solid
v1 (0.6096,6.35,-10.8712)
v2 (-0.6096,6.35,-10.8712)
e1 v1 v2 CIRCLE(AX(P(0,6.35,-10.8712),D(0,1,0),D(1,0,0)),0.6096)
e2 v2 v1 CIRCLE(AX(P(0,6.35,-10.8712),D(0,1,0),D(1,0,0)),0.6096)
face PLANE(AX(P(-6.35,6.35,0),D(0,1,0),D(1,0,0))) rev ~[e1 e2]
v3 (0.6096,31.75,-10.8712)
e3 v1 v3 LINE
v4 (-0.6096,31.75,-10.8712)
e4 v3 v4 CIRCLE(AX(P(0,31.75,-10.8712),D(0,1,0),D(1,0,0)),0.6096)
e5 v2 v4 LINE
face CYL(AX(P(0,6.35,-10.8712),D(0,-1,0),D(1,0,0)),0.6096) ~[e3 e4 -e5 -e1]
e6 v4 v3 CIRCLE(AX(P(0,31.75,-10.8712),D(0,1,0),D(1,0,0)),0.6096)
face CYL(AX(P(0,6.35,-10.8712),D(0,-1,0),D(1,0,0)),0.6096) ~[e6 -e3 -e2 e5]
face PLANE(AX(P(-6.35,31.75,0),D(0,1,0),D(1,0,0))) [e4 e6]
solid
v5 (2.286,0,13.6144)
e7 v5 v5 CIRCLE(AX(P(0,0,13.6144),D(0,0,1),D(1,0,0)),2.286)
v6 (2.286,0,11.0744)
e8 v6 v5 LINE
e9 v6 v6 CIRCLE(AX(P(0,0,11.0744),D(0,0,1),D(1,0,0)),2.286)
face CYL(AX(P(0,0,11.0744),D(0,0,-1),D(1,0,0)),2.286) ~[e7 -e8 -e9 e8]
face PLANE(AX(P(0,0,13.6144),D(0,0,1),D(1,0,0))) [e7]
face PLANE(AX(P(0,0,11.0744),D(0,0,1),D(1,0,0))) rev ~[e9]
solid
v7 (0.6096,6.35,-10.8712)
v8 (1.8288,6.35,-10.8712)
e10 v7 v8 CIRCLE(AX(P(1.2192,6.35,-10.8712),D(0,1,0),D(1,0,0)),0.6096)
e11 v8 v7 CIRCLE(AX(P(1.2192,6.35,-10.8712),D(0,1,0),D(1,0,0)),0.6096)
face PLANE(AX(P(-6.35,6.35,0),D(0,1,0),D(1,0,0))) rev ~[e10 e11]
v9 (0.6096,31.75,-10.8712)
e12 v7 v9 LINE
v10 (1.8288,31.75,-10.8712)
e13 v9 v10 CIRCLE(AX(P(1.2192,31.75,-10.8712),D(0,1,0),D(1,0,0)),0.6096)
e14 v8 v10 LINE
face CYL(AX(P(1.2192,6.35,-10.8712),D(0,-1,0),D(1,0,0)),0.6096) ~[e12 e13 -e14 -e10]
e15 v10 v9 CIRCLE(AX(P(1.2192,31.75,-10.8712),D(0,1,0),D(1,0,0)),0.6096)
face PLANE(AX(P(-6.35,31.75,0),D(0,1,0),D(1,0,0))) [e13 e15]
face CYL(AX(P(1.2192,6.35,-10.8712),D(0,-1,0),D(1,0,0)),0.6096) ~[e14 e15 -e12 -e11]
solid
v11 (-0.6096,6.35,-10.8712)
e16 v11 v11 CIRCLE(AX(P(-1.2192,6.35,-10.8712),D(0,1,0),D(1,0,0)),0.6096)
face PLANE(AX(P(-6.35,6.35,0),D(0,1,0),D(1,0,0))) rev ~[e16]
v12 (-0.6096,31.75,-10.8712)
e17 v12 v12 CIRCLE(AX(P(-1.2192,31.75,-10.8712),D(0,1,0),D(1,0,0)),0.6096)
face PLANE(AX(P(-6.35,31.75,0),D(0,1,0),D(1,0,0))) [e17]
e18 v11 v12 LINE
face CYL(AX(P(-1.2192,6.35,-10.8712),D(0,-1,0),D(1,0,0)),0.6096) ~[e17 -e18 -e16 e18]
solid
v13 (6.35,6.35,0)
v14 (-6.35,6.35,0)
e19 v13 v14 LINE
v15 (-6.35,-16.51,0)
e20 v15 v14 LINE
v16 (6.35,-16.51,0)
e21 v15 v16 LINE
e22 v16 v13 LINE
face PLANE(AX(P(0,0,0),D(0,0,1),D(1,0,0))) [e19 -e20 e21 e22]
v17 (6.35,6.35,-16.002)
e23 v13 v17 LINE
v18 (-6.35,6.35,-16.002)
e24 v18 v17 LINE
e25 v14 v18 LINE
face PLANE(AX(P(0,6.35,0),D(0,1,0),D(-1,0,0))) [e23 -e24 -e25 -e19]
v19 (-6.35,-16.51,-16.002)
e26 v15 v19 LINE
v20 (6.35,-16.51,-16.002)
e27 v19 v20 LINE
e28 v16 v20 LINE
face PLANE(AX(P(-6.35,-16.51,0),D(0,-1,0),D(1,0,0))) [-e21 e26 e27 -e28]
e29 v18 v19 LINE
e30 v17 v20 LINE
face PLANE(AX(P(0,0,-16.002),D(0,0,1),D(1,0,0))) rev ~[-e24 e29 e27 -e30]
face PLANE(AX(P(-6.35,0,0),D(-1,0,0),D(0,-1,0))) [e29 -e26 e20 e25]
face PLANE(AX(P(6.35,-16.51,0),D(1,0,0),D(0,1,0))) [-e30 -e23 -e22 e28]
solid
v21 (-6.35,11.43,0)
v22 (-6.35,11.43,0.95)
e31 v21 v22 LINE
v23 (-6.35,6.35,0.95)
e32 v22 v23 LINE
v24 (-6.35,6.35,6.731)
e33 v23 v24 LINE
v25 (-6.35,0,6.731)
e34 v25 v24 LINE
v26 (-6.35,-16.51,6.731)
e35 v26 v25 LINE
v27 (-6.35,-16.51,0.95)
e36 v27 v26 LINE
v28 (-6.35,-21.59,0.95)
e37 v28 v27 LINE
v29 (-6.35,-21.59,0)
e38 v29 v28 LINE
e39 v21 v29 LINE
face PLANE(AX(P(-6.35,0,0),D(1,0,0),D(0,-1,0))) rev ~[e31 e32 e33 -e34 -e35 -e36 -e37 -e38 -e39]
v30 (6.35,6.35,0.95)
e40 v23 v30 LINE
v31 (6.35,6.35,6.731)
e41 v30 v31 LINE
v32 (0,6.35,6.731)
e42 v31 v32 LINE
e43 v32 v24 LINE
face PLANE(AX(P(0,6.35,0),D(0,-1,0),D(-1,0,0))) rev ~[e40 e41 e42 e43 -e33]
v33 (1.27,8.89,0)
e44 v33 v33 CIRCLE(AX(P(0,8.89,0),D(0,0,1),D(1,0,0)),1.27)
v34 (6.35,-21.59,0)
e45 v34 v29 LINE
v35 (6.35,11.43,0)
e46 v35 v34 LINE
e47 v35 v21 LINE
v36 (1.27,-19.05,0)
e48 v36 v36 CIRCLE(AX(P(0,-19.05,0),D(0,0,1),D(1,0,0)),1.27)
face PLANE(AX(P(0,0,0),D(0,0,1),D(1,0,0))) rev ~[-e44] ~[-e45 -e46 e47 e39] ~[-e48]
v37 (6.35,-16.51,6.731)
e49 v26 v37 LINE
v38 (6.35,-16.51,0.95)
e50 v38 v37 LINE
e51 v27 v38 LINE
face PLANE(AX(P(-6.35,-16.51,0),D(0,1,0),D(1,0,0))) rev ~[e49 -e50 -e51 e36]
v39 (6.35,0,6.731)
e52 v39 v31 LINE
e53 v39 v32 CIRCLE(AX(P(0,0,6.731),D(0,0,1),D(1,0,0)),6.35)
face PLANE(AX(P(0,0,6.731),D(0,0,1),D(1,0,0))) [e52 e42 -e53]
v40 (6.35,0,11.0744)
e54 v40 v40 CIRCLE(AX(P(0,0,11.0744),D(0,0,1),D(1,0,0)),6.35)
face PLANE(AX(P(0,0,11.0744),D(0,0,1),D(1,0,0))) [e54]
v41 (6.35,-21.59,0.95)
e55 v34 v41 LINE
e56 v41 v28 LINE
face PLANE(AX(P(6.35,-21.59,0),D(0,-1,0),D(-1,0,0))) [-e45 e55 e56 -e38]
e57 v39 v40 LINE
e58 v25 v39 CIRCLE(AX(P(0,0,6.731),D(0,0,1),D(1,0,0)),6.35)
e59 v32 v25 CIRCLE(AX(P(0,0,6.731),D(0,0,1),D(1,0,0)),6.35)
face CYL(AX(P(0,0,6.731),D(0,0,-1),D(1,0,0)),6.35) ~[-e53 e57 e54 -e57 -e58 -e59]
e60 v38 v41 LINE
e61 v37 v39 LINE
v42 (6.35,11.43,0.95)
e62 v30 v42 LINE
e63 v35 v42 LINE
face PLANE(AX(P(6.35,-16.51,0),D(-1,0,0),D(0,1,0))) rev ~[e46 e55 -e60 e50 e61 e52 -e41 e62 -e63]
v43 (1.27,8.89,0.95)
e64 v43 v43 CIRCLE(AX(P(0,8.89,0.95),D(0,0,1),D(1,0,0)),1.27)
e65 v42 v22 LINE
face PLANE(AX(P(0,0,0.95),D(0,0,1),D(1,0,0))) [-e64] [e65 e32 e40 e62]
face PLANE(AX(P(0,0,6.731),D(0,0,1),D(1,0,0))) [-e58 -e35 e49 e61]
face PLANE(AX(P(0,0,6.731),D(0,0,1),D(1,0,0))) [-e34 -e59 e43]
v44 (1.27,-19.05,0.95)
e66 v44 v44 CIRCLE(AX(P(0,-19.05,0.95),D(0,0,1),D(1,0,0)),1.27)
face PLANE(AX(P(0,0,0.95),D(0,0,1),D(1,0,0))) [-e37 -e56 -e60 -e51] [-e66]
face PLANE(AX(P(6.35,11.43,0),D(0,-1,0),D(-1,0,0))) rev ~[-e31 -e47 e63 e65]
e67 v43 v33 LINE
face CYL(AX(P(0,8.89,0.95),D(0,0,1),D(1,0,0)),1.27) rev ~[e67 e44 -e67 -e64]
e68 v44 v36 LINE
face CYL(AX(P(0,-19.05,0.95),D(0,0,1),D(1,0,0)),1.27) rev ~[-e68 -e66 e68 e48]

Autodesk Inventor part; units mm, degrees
ref_plane "YZ Plane" through (0, 0, 0) normal (1, 0, 0) x (0, 1, 0)
ref_plane "XZ Plane" through (0, 0, 0) normal (0, 1, 0) x (-1, 0, 0)
ref_plane "XY Plane" through (0, 0, 0) normal (0, 0, 1) x (1, 0, 0)
sketch "Sketch1" plane through (0, 0, 0) normal (0, 0, 1) x (1, 0, 0)
  line L0 (-6.35, -16.51) -> (6.35, -16.51)
  line L1 (6.35, -16.51) -> (6.35, 0)
  line L2 (6.35, 6.35) -> (-6.35, 6.35)
  line L3 (-6.35, 6.35) -> (-6.35, 0)
  circle A0 centre (0, 0) radius 6.35
  line L4 (-6.35, 0) -> (-6.35, -16.51)
  line L5 (6.35, 0) -> (6.35, 6.35)
  circle A1 centre (0, 0) radius 2.286
  point P0 (0, 6.35)
  dimension "d0" = 12.7
  dimension "d1" = 22.86
  dimension "d3" = 4.572
extrude "Extrusion1" add sketch "Sketch1" against normal blind 16.002 contours L4 A0 L1 L0 | A0 | L3 L2 A0 | A0 L2 L5 | A1
extrude "Extrusion2" add sketch "Sketch1" along normal blind 6.731 separate body contours L4 A0 L1 L0 | A0 | L3 L2 A0 | A0 L2 L5 | A1
sketch "Sketch2" plane through (0, 0, 6.731) normal (0, 0, 1) x (1, 0, 0)
  circle A0 centre (0, 0) radius 6.35 projected
  circle A1 centre (0, 0) radius 2.286 projected
sketch "Sketch3" plane through (0, 0, 0) normal (0, 0, 1) x (1, 0, 0)
  line L0 (-6.35, 6.35) -> (6.35, 6.35)
  line L1 (6.35, 6.35) -> (6.35, 11.43)
  line L2 (6.35, 11.43) -> (-6.35, 11.43)
  line L3 (-6.35, 11.43) -> (-6.35, 6.35)
  line L4 (-6.35, -16.51) -> (6.35, -16.51)
  line L5 (6.35, -16.51) -> (6.35, -21.59)
  line L6 (6.35, -21.59) -> (-6.35, -21.59)
  line L7 (-6.35, -21.59) -> (-6.35, -16.51)
  line L8 (6.35, -16.51) -> (6.35, 6.35) projected
  point P0 (0, 0)
  dimension "d8" = 5.08
extrude "Extrusion3" add sketch "Sketch3" along normal blind 0.95 bodies 2
sketch "Sketch4" plane through (0, 0, 0.95) normal (0, 0, 1) x (1, 0, 0)
  line L0 (6.35, 6.35) -> (-6.35, 6.35) projected
  line L1 (6.35, 6.35) -> (6.35, 11.43) projected
  line L2 (6.35, 11.43) -> (-6.35, 11.43) projected
  line L3 (-6.35, 11.43) -> (-6.35, 6.35) projected
  line L4 (-6.35, -16.51) -> (6.35, -16.51) projected
  line L5 (-6.35, -16.51) -> (-6.35, -21.59) projected
  line L6 (-6.35, -21.59) -> (6.35, -21.59) projected
  line L7 (6.35, -21.59) -> (6.35, -16.51) projected
  circle A0 centre (0, 8.89) radius 1.27
  circle A1 centre (0, -19.05) radius 1.27
  point P0 (0, 0)
  point P1 (0, 11.43)
  point P2 (0, -21.59)
  point P3 (6.35, -19.05)
  point P4 (6.35, 8.89)
  dimension "d11" = 2.54
extrude "Extrusion4" cut sketch "Sketch4" against normal through all contours A0 | A1 bodies 2
extrude "Extrusion5" add sketch "Sketch2" along normal blind 4.3434 contours A0 | A1 bodies 2
sketch "Sketch5" plane through (0, 0, 11.0744) normal (0, 0, 1) x (1, 0, 0)
  circle A0 centre (0, 0) radius 2.286 projected
extrude "Extrusion6" add sketch "Sketch5" along normal blind 2.54 separate body
sketch "Sketch6" plane through (-6.35, 6.35, 0) normal (0, 1, 0) x (1, 0, 0)
  line L0 (12.7, 0) -> (0, 0) projected
  line L1 (12.7, 0) -> (12.7, 16.002) projected
  line L2 (0, 16.002) -> (12.7, 16.002) projected
  line L3 (0, 0) -> (0, 16.002) projected
  circle A0 centre (7.5692, 10.8712) radius 0.6096
  circle A1 centre (6.35, 10.8712) radius 0.6096
  circle A2 centre (5.1308, 10.8712) radius 0.6096
  line L4 (6.35, 10.8712) -> (6.35, 11.4808) construction
  line L5 (6.35, 11.4808) -> (6.35, 16.002) construction
  point P0 (6.35, 0)
  dimension "d18" = 1.2192
  dimension "d19" = 4.5212
extrude "Extrusion7" add sketch "Sketch6" along normal blind 25.4 separate body contours A0
extrude "Extrusion8" add sketch "Sketch6" along normal up to surface (25.4 mm away) separate body contours A1
extrude "Extrusion9" add sketch "Sketch6" along normal up to surface (25.4 mm away) separate body contours A2
properties part number "servo-micro tower pro 9g"
